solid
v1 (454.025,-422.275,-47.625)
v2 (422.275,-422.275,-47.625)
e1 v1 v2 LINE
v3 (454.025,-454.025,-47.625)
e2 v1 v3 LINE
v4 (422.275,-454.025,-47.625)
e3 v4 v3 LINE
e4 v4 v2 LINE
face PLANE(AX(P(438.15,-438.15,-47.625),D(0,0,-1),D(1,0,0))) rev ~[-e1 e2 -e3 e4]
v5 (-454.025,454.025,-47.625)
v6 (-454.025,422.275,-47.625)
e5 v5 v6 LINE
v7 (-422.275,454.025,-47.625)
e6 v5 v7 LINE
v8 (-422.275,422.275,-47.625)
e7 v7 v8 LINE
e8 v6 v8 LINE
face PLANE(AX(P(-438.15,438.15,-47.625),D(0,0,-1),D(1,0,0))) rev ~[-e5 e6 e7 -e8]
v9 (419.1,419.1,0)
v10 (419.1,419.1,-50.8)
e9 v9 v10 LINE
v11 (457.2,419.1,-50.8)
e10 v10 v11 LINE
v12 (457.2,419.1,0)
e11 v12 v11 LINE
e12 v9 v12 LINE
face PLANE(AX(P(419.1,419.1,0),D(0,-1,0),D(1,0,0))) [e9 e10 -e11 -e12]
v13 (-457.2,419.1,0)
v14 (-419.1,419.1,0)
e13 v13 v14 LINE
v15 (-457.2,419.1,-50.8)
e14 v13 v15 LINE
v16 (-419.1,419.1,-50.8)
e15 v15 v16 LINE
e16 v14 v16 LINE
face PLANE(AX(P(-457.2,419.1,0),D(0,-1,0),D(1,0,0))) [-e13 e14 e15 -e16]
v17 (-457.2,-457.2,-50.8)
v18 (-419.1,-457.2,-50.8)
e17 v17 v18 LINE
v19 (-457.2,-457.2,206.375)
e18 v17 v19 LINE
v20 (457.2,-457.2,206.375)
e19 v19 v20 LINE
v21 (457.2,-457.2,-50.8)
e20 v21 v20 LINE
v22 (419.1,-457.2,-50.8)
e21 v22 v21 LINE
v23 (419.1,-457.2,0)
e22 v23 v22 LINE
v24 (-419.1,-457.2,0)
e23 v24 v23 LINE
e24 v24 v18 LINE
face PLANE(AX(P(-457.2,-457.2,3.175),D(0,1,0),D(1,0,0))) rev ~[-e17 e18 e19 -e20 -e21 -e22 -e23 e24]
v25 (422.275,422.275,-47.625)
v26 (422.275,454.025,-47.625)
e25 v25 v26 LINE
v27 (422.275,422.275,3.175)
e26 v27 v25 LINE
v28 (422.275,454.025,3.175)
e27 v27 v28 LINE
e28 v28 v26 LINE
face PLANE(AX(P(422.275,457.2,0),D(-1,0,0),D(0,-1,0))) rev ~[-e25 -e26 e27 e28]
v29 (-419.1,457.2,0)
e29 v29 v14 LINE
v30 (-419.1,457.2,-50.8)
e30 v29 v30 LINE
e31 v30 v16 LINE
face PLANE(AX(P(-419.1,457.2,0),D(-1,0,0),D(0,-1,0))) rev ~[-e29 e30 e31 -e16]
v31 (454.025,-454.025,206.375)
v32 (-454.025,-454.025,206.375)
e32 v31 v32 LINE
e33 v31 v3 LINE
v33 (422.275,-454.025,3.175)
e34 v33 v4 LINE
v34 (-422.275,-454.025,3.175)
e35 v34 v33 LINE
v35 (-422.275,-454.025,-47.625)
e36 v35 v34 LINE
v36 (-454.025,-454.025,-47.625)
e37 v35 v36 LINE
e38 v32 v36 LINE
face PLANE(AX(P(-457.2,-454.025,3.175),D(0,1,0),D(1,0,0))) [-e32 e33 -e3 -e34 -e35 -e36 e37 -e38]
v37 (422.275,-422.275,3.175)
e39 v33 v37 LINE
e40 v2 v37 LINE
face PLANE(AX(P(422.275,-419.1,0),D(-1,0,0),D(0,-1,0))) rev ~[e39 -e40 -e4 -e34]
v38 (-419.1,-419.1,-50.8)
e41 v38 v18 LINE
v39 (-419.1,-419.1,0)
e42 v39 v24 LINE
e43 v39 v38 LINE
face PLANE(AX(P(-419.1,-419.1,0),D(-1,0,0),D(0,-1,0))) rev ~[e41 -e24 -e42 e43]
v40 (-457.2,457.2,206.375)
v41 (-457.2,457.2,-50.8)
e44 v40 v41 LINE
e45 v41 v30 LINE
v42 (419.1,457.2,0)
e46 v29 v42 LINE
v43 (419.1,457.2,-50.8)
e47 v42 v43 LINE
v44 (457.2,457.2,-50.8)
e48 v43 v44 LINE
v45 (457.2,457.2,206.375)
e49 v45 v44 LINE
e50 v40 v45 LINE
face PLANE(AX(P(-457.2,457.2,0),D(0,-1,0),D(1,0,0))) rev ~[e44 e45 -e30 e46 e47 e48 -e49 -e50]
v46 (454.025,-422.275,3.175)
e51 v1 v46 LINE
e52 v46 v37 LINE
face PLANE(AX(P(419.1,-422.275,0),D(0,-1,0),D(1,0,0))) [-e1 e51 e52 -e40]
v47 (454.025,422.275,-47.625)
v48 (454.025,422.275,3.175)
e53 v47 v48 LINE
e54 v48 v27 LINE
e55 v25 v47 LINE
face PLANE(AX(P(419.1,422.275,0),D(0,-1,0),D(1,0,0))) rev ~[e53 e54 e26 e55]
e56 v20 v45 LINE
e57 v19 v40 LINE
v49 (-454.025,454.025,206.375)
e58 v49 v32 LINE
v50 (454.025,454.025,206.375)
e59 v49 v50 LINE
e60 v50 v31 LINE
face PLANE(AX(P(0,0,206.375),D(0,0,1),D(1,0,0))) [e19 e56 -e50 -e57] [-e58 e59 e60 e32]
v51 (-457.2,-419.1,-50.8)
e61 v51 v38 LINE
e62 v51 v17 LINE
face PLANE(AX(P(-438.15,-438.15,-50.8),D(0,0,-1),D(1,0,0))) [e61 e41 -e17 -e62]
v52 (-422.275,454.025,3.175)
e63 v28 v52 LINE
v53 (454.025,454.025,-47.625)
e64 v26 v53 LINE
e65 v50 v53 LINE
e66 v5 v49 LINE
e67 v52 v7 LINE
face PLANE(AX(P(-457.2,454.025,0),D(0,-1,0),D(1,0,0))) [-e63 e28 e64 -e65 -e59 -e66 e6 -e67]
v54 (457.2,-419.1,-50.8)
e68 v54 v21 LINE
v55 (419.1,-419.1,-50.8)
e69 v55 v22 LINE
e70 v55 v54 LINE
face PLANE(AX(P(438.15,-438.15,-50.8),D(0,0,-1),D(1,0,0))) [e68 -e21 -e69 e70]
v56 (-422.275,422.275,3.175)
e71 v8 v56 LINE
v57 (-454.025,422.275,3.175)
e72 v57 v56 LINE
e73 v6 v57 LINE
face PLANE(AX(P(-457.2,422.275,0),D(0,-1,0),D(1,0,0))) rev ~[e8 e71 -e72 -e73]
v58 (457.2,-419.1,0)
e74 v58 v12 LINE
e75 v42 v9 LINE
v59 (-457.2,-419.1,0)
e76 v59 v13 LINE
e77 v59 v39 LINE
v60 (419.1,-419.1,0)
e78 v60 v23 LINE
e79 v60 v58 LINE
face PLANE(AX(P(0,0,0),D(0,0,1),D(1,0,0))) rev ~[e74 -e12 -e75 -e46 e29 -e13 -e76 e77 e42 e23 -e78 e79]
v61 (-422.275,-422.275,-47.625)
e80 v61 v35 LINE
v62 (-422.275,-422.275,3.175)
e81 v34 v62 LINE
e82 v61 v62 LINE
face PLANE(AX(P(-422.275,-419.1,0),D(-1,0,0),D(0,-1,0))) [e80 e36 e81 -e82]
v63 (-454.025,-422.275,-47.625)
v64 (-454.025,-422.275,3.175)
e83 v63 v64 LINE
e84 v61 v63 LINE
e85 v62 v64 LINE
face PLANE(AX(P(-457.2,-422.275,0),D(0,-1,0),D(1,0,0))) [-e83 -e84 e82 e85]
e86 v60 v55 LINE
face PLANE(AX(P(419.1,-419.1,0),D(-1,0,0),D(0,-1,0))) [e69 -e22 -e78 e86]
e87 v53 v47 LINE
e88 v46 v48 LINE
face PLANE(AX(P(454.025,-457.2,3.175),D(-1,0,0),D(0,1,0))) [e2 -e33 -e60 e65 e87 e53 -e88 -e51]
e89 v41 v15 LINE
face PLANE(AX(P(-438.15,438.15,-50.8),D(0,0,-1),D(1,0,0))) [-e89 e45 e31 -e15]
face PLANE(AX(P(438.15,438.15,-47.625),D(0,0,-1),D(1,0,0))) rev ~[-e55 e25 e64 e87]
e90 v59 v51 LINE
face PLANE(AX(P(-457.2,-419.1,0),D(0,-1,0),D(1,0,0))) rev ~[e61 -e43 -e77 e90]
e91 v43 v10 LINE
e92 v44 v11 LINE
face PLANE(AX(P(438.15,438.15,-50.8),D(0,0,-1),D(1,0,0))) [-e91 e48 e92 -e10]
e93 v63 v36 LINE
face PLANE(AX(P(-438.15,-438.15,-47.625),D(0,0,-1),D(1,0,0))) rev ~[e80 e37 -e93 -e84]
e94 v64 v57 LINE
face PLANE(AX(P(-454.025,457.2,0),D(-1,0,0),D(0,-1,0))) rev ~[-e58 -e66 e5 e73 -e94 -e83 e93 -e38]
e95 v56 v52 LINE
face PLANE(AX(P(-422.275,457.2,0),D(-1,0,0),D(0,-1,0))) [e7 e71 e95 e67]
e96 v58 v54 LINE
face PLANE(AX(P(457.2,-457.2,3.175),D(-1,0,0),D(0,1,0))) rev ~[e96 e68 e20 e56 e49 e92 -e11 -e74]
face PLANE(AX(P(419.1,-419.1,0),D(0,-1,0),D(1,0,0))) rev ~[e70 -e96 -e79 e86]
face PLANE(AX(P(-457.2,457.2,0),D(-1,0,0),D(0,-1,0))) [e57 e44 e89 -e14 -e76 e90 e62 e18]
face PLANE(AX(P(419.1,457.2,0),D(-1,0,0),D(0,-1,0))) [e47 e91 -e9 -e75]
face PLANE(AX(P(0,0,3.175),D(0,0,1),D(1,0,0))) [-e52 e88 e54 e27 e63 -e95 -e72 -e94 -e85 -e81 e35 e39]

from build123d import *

# Parameters (mm, degrees)
F0_W     = 914.4
F0_H     = 914.4
F1_DEPTH = 3.175
F2_W     = 914.4
F2_H     = 914.4
F2_W_2   = 908.05
F2_H_2   = 908.05
F3_DEPTH = 203.2
F4_W     = 38.1
F4_H     = 38.1
F5_DEPTH = 50.8
F6_T     = -3.175


with BuildPart() as f1:
    # F0 (on Top) → F1 (new body)
    with BuildSketch(Plane.XY):
        Rectangle(F0_W, F0_H)
    extrude(amount=F1_DEPTH)

    # F2 (on face) → F3 (join)
    with BuildSketch(Plane.XY.offset(3.175)):
        Rectangle(F2_W, F2_H)
        Rectangle(F2_W_2, F2_H_2, mode=Mode.SUBTRACT)
        Rectangle(F2_W_2, F2_H_2)
    extrude(amount=F3_DEPTH)

    # F4 (on face) → F5 (join)
    with BuildSketch(Plane(origin=(0, 0, 0), x_dir=(1, 0, 0), z_dir=(0, 0, -1))):
        with Locations((-438.15, -438.15)):
            Rectangle(F4_W, F4_H)
        with Locations((438.15, -438.15)):
            Rectangle(F4_W, F4_H)
        with Locations((438.15, 438.15)):
            Rectangle(F4_W, F4_H)
        with Locations((-438.15, 438.15)):
            Rectangle(F4_W, F4_H)
    extrude(amount=F5_DEPTH)

    # F6
    f6_openings = [f1.faces().sort_by_distance(p)[0] for p in [
        (0, 0, 206.375),
    ]]
    offset(amount=F6_T, openings=f6_openings, kind=Kind.INTERSECTION)


solid = f1.part
